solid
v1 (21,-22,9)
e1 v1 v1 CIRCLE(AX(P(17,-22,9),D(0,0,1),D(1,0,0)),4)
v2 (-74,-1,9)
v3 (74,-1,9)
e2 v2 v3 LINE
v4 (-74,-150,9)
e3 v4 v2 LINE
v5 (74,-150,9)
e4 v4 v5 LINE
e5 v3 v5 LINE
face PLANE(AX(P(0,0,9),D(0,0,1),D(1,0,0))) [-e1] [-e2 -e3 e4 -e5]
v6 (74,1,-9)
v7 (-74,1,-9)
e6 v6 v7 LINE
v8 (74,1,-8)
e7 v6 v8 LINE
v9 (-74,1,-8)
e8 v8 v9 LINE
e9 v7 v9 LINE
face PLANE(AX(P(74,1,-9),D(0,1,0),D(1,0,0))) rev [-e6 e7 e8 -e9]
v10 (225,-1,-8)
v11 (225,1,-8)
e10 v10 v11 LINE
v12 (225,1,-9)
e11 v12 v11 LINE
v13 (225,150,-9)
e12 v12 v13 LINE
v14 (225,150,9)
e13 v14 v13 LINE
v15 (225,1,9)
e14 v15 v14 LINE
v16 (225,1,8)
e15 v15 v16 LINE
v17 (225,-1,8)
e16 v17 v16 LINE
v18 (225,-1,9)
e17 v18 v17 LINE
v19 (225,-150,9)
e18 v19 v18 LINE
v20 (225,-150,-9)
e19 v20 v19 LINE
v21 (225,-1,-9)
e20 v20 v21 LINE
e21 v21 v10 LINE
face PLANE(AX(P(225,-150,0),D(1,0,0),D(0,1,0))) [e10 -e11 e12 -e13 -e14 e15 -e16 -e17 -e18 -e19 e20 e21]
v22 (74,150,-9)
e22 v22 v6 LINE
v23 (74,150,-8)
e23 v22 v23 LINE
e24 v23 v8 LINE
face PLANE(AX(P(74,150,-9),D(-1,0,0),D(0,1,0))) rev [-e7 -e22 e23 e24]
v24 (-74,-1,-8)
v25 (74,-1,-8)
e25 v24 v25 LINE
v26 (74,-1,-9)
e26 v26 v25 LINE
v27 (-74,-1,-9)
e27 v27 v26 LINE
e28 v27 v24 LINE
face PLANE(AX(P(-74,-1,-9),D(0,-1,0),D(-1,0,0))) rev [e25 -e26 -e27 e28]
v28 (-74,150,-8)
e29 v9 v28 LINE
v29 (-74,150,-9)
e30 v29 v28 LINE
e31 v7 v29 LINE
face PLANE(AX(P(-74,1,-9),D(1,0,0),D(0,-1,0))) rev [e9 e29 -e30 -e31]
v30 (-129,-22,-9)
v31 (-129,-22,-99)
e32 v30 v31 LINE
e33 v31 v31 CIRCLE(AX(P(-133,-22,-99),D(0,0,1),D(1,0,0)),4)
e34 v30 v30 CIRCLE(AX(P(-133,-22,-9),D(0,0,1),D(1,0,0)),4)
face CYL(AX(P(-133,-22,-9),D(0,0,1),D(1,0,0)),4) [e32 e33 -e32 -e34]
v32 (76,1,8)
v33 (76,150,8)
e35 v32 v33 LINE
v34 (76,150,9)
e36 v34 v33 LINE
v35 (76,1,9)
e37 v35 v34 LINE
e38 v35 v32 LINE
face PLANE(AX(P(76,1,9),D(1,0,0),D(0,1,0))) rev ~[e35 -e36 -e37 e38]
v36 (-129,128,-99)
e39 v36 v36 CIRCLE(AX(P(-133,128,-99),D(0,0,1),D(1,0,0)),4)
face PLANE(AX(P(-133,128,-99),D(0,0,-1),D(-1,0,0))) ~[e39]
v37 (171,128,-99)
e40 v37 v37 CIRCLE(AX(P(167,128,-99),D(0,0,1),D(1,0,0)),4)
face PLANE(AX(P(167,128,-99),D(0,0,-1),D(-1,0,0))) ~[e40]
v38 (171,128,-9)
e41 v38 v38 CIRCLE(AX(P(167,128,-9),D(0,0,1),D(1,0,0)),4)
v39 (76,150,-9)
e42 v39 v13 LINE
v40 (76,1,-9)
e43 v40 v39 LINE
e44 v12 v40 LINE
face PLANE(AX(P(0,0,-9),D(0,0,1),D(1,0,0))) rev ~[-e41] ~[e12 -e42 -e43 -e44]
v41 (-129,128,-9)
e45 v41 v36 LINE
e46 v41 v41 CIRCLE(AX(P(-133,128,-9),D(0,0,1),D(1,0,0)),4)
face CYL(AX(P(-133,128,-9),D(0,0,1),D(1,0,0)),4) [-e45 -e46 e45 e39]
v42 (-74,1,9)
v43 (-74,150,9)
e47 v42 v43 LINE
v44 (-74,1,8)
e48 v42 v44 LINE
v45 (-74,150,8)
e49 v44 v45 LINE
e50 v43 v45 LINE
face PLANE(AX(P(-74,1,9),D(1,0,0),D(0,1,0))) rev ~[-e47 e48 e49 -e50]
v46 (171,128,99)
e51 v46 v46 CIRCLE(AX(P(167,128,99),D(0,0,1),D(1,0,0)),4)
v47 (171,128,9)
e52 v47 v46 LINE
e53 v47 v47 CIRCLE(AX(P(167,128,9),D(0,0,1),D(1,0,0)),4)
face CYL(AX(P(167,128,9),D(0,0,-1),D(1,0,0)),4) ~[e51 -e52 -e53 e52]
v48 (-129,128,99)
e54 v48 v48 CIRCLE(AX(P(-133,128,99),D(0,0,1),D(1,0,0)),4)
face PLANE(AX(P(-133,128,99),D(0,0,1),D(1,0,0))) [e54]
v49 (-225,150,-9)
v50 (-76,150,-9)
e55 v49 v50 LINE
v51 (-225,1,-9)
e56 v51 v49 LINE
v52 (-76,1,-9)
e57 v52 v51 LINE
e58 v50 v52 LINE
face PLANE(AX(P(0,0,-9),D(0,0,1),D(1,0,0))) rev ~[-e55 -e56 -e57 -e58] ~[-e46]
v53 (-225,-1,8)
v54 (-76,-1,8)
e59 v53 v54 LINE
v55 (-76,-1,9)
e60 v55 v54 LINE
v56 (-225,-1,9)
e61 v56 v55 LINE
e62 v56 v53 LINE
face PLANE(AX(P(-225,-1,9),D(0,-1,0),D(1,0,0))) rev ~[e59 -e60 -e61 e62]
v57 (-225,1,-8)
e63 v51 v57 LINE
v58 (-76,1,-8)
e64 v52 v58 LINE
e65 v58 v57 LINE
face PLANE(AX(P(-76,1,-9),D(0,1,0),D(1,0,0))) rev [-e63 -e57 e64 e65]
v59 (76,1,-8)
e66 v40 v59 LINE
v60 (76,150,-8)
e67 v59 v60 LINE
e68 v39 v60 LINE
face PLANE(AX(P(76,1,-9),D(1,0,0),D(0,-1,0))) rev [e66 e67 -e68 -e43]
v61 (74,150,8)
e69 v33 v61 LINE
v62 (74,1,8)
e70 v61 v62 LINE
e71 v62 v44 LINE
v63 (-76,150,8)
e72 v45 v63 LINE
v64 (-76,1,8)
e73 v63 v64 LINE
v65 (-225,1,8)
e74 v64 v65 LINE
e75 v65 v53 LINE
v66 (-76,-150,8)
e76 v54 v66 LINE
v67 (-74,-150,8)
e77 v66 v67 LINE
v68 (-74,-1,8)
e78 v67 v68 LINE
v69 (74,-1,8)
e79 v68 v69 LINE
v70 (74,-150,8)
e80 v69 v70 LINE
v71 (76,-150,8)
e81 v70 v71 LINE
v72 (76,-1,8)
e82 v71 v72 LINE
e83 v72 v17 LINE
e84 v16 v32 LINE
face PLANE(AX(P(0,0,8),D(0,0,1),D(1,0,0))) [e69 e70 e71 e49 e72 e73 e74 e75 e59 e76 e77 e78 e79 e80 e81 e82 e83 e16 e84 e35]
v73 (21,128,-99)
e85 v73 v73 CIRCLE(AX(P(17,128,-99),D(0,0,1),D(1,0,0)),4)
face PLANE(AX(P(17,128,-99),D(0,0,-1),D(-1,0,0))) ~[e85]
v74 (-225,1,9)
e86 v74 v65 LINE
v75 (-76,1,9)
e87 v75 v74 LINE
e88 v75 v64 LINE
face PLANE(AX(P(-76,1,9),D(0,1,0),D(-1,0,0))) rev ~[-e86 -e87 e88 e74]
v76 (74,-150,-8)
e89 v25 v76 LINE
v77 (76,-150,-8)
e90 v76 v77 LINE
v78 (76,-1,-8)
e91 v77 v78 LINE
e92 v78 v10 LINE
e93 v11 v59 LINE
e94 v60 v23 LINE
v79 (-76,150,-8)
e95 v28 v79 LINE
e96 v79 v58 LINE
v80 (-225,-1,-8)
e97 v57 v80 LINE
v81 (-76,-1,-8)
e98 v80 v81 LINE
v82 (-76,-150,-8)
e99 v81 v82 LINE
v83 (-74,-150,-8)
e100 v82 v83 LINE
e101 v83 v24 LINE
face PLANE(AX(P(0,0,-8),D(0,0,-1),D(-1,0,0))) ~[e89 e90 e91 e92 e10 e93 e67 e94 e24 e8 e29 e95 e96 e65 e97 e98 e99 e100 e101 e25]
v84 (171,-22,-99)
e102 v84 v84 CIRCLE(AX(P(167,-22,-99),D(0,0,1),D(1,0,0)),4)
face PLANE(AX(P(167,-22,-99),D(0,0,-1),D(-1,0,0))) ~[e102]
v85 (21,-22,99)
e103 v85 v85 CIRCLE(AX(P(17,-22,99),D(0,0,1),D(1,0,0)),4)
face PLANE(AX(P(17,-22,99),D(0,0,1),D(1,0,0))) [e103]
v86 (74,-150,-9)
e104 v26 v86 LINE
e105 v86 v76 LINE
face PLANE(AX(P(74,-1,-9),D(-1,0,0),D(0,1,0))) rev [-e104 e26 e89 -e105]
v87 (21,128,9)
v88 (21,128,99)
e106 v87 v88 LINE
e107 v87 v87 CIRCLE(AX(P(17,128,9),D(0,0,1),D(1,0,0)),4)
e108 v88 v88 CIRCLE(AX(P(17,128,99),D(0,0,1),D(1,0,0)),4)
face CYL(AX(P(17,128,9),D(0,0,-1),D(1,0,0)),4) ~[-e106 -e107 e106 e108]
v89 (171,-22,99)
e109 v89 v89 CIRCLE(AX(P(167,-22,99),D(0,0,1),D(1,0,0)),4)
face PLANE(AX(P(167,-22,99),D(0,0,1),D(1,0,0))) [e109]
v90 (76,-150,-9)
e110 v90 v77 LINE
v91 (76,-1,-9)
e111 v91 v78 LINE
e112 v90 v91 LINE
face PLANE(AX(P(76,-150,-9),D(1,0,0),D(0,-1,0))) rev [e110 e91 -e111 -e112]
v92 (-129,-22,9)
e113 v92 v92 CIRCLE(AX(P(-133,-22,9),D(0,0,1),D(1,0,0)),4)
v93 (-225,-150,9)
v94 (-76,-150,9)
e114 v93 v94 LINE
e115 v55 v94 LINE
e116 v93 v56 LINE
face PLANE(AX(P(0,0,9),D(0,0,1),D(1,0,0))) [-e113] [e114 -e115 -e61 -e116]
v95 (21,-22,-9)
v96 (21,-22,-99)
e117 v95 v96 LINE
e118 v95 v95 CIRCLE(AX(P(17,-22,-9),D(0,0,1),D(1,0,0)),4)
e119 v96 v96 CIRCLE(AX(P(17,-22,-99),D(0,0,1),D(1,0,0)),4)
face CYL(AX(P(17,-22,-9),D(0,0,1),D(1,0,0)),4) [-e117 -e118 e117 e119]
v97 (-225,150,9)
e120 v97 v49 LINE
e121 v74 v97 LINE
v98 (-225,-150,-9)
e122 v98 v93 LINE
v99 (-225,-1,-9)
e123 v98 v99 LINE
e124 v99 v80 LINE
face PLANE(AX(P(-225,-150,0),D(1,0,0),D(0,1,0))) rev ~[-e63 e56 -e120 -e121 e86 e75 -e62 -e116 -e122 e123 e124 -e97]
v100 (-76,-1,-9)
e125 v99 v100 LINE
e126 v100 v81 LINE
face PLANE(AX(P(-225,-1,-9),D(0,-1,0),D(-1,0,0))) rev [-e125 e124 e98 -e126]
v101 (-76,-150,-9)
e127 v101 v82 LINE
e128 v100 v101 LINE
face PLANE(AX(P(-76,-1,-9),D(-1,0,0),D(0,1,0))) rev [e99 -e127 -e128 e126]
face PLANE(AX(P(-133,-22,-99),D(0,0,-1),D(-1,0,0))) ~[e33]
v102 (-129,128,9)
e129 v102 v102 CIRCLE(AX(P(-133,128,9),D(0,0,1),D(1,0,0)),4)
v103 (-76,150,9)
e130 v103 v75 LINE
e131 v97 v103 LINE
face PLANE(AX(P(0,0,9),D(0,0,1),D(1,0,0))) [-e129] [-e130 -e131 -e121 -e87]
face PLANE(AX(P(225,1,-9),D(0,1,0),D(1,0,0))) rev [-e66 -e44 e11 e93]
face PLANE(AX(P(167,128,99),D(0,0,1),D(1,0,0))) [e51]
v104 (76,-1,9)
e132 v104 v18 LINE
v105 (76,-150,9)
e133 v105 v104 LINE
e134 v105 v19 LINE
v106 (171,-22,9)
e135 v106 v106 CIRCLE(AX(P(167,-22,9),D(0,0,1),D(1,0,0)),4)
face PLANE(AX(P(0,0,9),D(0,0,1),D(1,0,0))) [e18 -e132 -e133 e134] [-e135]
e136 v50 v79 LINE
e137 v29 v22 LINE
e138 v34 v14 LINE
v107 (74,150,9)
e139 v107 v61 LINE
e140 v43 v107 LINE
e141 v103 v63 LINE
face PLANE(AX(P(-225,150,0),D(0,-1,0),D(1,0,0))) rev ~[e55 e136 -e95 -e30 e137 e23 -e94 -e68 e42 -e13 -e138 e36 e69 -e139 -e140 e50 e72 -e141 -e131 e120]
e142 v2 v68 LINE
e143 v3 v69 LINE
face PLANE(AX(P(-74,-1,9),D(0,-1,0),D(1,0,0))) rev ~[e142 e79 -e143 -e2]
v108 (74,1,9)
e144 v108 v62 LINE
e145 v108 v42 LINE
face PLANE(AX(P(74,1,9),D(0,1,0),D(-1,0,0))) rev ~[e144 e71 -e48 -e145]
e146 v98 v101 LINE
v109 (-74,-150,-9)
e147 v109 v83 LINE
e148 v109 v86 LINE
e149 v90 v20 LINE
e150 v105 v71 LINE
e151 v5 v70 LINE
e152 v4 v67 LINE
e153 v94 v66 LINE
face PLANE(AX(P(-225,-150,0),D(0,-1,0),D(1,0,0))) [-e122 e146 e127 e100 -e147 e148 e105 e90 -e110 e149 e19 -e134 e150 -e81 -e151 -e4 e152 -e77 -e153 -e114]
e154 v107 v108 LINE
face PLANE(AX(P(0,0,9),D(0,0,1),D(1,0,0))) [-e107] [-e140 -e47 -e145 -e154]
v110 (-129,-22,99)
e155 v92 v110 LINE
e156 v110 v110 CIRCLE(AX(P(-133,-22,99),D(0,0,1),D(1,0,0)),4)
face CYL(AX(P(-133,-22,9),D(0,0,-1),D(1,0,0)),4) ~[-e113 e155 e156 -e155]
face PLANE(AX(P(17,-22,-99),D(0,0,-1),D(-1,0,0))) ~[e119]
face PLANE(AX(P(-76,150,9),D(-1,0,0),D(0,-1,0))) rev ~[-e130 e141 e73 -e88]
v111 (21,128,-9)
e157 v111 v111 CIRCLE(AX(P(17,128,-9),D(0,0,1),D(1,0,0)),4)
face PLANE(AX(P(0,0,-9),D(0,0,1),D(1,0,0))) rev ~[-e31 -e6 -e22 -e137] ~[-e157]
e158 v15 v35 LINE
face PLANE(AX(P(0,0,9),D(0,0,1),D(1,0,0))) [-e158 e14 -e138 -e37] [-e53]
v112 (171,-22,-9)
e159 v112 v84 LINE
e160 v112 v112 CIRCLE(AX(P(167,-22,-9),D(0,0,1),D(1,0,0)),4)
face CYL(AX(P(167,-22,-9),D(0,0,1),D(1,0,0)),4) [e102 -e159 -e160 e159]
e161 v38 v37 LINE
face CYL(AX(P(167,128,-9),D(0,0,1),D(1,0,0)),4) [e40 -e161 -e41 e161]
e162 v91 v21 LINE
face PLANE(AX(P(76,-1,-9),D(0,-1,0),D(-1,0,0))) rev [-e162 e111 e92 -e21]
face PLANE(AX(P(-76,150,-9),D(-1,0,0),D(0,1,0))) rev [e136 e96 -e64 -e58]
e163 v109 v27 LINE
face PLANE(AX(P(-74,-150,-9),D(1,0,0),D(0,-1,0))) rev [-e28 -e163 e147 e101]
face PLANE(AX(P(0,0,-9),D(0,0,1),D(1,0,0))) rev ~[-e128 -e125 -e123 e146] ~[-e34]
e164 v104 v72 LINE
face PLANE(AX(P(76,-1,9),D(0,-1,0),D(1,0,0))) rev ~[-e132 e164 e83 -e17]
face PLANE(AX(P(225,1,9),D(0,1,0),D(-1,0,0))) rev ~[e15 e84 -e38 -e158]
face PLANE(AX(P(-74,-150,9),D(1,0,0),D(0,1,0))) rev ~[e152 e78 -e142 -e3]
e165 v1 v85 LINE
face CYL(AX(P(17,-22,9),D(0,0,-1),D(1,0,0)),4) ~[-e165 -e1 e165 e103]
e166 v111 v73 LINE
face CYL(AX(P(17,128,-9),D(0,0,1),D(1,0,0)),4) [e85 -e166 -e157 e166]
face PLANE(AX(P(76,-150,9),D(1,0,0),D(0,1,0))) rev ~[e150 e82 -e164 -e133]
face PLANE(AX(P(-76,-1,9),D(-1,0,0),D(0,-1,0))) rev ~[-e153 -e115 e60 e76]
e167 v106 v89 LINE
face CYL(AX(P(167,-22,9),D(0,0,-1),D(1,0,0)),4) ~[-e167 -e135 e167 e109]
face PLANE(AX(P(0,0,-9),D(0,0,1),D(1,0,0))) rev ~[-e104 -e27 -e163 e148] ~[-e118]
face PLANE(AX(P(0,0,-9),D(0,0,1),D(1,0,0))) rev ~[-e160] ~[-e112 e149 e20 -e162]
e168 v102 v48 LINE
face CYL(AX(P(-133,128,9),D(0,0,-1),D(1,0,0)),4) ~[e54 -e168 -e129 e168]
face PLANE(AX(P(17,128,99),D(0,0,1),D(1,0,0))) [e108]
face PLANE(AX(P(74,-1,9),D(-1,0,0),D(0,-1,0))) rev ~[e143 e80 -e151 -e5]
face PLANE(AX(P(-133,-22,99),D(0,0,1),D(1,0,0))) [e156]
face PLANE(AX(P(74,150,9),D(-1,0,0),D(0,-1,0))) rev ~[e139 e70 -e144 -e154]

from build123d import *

# Parameters (mm, degrees)
SKETCH1_W           = 450
SKETCH1_H           = 300
BOSS_EXTRUDE1_DEPTH = 9
CUT_EXTRUDE2_DEPTH  = 1
SKETCH5_R           = 4
BOSS_EXTRUDE3_DEPTH = 90


with BuildPart() as part:
    # Sketch1 → Boss-Extrude1 (new, symmetric)
    with BuildSketch(Plane.XY):
        Rectangle(SKETCH1_W, SKETCH1_H)
    extrude(amount=BOSS_EXTRUDE1_DEPTH, both=True)

    # Sketch3 → Cut-Extrude2 (cut)
    with BuildSketch(Plane.XY.offset(9)):
        Polygon((-225, 1), (-225, -1), (-76, -1), (-76, -150), (-74, -150), (-74, -1), (74, -1), (74, -150), (76, -150), (76, -1), (225, -1), (225, 1), (76, 1), (76, 150), (74, 150), (74, 1), (-74, 1), (-74, 150), (-76, 150), (-76, 1), align=None)
    cut_extrude2 = extrude(amount=-CUT_EXTRUDE2_DEPTH, mode=Mode.SUBTRACT)

    # Sketch5 → Boss-Extrude3 (add)
    with BuildSketch(Plane.XY.offset(9)):
        with Locations((-133, 128)):
            Circle(SKETCH5_R)
        with Locations((17, 128)):
            Circle(SKETCH5_R)
        with Locations((167, 128)):
            Circle(SKETCH5_R)
        with Locations((17, -22)):
            Circle(SKETCH5_R)
        with Locations((167, -22)):
            Circle(SKETCH5_R)
        with Locations((-133, -22)):
            Circle(SKETCH5_R)
    boss_extrude3 = extrude(amount=BOSS_EXTRUDE3_DEPTH)

    # Mirror1: Cut-Extrude2, Boss-Extrude3 across plane
    add(cut_extrude2.mirror(Plane.XY), mode=Mode.SUBTRACT)
    add(boss_extrude3.mirror(Plane.XY))


solid = part.part
